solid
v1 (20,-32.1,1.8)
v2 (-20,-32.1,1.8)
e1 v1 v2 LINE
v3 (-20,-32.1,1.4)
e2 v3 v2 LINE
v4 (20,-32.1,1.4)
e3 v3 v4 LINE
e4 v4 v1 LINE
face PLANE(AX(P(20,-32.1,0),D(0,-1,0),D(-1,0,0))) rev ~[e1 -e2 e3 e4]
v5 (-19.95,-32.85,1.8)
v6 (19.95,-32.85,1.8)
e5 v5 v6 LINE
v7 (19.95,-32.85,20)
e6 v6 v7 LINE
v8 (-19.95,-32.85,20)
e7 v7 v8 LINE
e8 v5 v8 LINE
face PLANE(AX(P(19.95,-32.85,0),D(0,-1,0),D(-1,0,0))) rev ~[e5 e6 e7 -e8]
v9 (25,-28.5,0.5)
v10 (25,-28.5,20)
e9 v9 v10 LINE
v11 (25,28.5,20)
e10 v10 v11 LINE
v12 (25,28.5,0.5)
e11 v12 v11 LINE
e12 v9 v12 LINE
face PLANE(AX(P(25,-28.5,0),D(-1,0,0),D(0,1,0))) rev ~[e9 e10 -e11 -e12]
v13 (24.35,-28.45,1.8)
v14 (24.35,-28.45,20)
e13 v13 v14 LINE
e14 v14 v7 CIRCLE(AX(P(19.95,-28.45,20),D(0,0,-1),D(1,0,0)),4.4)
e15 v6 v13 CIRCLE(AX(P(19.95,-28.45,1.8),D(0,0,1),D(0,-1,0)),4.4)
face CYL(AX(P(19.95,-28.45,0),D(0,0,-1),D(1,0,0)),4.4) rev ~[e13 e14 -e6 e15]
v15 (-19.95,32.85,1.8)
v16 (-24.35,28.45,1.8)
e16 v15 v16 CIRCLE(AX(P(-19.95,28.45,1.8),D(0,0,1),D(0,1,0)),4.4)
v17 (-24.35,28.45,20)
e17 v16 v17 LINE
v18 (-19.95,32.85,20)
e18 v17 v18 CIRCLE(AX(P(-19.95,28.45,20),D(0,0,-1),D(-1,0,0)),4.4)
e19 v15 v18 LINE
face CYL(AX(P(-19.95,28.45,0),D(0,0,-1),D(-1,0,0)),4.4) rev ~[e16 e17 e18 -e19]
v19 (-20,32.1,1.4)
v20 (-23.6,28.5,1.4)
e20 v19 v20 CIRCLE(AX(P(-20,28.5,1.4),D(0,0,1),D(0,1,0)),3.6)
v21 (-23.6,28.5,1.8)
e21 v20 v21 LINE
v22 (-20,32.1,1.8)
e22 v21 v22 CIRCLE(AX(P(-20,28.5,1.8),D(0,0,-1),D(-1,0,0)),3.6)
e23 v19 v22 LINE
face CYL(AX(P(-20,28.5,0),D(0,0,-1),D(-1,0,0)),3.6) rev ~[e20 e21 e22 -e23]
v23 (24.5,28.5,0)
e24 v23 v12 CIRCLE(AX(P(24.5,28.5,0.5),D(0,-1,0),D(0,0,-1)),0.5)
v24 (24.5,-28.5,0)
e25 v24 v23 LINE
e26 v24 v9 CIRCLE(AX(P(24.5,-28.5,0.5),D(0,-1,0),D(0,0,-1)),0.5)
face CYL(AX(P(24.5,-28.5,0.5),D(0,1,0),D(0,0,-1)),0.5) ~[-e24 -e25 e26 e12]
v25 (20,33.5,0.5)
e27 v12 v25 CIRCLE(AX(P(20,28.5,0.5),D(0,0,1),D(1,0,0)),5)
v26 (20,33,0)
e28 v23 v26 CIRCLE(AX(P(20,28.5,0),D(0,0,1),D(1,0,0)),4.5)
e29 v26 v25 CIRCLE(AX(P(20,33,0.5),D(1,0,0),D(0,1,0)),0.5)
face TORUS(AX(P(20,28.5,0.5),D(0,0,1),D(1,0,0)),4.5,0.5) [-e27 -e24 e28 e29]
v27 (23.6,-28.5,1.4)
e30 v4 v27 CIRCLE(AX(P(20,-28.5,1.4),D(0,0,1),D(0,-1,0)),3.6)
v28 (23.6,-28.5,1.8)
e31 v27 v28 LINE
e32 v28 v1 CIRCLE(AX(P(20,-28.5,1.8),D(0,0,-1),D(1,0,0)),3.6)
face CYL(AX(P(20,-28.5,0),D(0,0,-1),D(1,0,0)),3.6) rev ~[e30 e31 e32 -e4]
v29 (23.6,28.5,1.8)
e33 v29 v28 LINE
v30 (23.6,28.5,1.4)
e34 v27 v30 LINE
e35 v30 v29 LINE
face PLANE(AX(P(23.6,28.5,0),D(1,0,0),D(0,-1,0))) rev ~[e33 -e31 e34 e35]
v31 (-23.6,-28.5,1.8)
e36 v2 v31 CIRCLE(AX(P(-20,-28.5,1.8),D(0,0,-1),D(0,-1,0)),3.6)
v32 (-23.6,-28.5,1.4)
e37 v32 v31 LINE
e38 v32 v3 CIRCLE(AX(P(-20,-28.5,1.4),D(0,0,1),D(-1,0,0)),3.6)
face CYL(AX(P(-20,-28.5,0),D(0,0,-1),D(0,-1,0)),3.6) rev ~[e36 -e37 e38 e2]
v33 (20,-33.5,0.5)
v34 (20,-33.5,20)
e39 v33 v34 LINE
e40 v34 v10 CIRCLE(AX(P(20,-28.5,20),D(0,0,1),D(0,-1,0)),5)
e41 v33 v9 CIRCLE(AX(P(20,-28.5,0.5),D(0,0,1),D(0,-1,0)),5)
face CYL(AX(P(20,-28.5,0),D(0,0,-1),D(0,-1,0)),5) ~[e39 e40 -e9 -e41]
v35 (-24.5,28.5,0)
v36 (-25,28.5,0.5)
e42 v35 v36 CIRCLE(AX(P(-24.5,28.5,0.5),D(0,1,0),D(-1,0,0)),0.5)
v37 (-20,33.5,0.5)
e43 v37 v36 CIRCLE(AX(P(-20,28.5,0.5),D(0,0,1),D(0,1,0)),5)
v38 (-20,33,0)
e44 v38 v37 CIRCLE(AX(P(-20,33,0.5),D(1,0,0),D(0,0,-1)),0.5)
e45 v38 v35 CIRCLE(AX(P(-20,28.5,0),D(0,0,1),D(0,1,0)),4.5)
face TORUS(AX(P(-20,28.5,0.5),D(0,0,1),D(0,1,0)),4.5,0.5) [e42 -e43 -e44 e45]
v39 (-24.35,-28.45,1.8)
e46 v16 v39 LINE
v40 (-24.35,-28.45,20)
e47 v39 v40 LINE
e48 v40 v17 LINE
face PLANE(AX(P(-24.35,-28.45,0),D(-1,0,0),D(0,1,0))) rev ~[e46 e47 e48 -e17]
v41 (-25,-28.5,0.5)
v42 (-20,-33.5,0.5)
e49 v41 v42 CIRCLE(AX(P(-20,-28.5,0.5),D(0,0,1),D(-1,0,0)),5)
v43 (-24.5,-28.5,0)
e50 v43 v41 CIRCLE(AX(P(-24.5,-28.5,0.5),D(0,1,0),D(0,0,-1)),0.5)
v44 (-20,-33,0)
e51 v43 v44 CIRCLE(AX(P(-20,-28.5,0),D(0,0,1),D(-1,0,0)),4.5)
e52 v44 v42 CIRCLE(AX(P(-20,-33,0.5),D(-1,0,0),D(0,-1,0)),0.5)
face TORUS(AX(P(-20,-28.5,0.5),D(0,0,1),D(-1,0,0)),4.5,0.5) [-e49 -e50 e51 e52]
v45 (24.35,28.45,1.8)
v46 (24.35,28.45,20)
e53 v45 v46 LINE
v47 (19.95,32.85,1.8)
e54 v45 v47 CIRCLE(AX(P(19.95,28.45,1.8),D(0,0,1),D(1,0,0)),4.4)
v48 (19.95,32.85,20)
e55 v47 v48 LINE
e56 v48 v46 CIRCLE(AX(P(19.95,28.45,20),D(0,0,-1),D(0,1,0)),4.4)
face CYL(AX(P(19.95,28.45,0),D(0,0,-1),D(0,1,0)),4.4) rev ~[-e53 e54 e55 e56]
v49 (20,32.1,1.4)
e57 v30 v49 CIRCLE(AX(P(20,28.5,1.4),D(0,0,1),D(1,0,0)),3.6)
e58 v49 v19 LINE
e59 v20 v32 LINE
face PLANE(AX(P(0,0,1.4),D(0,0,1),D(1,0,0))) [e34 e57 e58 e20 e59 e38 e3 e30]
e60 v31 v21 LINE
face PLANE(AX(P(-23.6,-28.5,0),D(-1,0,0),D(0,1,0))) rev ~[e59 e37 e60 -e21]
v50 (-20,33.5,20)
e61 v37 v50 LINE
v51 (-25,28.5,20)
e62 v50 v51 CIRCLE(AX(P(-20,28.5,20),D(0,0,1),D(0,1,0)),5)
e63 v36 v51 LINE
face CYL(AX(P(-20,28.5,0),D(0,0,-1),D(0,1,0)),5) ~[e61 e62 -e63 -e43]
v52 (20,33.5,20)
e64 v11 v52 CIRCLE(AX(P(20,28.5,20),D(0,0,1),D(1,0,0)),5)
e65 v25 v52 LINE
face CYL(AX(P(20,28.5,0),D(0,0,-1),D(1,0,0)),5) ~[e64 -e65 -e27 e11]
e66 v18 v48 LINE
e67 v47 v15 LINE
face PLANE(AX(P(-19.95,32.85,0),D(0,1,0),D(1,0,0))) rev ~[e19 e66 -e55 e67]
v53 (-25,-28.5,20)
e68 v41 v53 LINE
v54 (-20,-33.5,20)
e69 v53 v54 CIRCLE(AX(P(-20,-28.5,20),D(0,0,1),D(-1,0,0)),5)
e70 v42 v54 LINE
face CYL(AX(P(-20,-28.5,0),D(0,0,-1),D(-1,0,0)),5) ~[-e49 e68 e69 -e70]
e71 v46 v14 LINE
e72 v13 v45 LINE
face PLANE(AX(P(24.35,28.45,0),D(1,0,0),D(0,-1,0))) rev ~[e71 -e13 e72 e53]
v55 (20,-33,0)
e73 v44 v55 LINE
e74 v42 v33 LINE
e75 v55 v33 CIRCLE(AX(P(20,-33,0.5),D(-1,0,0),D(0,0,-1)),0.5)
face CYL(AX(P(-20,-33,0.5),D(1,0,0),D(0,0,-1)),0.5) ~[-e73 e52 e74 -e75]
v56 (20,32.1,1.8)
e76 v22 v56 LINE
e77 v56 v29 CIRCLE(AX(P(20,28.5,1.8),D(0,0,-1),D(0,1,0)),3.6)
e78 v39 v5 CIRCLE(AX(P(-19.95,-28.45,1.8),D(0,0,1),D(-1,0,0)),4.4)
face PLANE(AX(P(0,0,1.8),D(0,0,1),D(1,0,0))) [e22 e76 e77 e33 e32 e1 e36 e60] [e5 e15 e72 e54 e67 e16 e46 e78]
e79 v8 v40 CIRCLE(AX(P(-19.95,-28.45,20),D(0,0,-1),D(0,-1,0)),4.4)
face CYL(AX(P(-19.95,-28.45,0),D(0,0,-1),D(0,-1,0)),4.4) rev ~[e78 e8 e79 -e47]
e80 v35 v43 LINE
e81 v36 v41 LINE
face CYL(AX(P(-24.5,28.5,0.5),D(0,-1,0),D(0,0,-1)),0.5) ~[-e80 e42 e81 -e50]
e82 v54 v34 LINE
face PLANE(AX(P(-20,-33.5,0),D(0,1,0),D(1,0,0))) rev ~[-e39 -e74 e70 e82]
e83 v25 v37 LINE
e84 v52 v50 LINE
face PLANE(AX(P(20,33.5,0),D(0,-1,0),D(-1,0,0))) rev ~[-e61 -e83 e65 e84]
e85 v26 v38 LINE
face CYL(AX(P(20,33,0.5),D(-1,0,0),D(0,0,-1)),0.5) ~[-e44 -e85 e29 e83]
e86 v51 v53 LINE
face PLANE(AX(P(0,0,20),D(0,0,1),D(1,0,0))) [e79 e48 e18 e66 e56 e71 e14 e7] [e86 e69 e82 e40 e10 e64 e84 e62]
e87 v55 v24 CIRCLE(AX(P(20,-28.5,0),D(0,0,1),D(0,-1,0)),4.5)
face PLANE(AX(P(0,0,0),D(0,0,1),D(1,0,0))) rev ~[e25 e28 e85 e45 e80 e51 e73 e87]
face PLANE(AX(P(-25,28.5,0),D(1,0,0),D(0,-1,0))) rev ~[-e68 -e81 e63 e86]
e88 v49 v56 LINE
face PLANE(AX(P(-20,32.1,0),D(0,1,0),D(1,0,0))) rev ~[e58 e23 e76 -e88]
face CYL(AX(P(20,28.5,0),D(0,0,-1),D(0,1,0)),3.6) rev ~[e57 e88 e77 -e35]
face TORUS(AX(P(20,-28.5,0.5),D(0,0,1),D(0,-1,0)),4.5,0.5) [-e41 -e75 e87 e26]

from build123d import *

# Parameters (mm, degrees)
F4_DEPTH = 1.8
F5_DEPTH = 20
F6_DEPTH = 1.4
F7_R     = 0.5


with BuildPart() as f4:
    # F3 (on Top) → F4 (new body)
    with BuildSketch(Plane.XY):
        with BuildLine():
            ThreePointArc((24.35, 28.45), (23.0612698372, 31.5612698372), (19.95, 32.85))
            Line((19.95, 32.85), (-19.95, 32.85))
            ThreePointArc((-19.95, 32.85), (-23.0612698372, 31.5612698372), (-24.35, 28.45))
            Line((-24.35, 28.45), (-24.35, -28.45))
            ThreePointArc((-24.35, -28.45), (-23.0612698372, -31.5612698372), (-19.95, -32.85))
            Line((-19.95, -32.85), (19.95, -32.85))
            ThreePointArc((19.95, -32.85), (23.0612698372, -31.5612698372), (24.35, -28.45))
            Line((24.35, -28.45), (24.35, 28.45))
        make_face()
        with BuildLine():
            Line((20, -32.1), (-20, -32.1))
            ThreePointArc((-20, -32.1), (-22.5455844123, -31.0455844123), (-23.6, -28.5))
            Line((-23.6, -28.5), (-23.6, 28.5))
            ThreePointArc((-23.6, 28.5), (-22.5455844123, 31.0455844123), (-20, 32.1))
            Line((-20, 32.1), (20, 32.1))
            ThreePointArc((20, 32.1), (22.5455844123, 31.0455844123), (23.6, 28.5))
            Line((23.6, 28.5), (23.6, -28.5))
            ThreePointArc((23.6, -28.5), (22.5455844123, -31.0455844123), (20, -32.1))
        make_face(mode=Mode.SUBTRACT)
    extrude(amount=F4_DEPTH)

    # F3 (on Top) → F5 (join)
    with BuildSketch(Plane.XY):
        with BuildLine():
            ThreePointArc((-25, -28.5), (-23.5355339059, -32.0355339059), (-20, -33.5))
            Line((-20, -33.5), (20, -33.5))
            ThreePointArc((20, -33.5), (23.5355339059, -32.0355339059), (25, -28.5))
            Line((25, -28.5), (25, 28.5))
            ThreePointArc((25, 28.5), (23.5355339059, 32.0355339059), (20, 33.5))
            Line((20, 33.5), (-20, 33.5))
            ThreePointArc((-20, 33.5), (-23.5355339059, 32.0355339059), (-25, 28.5))
            Line((-25, 28.5), (-25, -28.5))
        make_face()
        with BuildLine():
            Line((-19.95, 32.85), (19.95, 32.85))
            ThreePointArc((19.95, 32.85), (23.0612698372, 31.5612698372), (24.35, 28.45))
            Line((24.35, 28.45), (24.35, -28.45))
            ThreePointArc((24.35, -28.45), (23.0612698372, -31.5612698372), (19.95, -32.85))
            Line((19.95, -32.85), (-19.95, -32.85))
            ThreePointArc((-19.95, -32.85), (-23.0612698372, -31.5612698372), (-24.35, -28.45))
            Line((-24.35, -28.45), (-24.35, 28.45))
            ThreePointArc((-24.35, 28.45), (-23.0612698372, 31.5612698372), (-19.95, 32.85))
        make_face(mode=Mode.SUBTRACT)
    extrude(amount=F5_DEPTH)

    # F3 (on Top) → F6 (join)
    with BuildSketch(Plane.XY):
        with BuildLine():
            ThreePointArc((-23.6, -28.5), (-22.5455844123, -31.0455844123), (-20, -32.1))
            Line((-20, -32.1), (20, -32.1))
            ThreePointArc((20, -32.1), (22.5455844123, -31.0455844123), (23.6, -28.5))
            Line((23.6, -28.5), (23.6, 28.5))
            ThreePointArc((23.6, 28.5), (22.5455844123, 31.0455844123), (20, 32.1))
            Line((20, 32.1), (-20, 32.1))
            ThreePointArc((-20, 32.1), (-22.5455844123, 31.0455844123), (-23.6, 28.5))
            Line((-23.6, 28.5), (-23.6, -28.5))
        make_face()
    extrude(amount=F6_DEPTH)

    # F7
    f7_edges = [f4.edges().sort_by_distance(p)[0] for p in [
        (25, 0, 0),
    ]]
    fillet(f7_edges, radius=F7_R)


solid = f4.part
